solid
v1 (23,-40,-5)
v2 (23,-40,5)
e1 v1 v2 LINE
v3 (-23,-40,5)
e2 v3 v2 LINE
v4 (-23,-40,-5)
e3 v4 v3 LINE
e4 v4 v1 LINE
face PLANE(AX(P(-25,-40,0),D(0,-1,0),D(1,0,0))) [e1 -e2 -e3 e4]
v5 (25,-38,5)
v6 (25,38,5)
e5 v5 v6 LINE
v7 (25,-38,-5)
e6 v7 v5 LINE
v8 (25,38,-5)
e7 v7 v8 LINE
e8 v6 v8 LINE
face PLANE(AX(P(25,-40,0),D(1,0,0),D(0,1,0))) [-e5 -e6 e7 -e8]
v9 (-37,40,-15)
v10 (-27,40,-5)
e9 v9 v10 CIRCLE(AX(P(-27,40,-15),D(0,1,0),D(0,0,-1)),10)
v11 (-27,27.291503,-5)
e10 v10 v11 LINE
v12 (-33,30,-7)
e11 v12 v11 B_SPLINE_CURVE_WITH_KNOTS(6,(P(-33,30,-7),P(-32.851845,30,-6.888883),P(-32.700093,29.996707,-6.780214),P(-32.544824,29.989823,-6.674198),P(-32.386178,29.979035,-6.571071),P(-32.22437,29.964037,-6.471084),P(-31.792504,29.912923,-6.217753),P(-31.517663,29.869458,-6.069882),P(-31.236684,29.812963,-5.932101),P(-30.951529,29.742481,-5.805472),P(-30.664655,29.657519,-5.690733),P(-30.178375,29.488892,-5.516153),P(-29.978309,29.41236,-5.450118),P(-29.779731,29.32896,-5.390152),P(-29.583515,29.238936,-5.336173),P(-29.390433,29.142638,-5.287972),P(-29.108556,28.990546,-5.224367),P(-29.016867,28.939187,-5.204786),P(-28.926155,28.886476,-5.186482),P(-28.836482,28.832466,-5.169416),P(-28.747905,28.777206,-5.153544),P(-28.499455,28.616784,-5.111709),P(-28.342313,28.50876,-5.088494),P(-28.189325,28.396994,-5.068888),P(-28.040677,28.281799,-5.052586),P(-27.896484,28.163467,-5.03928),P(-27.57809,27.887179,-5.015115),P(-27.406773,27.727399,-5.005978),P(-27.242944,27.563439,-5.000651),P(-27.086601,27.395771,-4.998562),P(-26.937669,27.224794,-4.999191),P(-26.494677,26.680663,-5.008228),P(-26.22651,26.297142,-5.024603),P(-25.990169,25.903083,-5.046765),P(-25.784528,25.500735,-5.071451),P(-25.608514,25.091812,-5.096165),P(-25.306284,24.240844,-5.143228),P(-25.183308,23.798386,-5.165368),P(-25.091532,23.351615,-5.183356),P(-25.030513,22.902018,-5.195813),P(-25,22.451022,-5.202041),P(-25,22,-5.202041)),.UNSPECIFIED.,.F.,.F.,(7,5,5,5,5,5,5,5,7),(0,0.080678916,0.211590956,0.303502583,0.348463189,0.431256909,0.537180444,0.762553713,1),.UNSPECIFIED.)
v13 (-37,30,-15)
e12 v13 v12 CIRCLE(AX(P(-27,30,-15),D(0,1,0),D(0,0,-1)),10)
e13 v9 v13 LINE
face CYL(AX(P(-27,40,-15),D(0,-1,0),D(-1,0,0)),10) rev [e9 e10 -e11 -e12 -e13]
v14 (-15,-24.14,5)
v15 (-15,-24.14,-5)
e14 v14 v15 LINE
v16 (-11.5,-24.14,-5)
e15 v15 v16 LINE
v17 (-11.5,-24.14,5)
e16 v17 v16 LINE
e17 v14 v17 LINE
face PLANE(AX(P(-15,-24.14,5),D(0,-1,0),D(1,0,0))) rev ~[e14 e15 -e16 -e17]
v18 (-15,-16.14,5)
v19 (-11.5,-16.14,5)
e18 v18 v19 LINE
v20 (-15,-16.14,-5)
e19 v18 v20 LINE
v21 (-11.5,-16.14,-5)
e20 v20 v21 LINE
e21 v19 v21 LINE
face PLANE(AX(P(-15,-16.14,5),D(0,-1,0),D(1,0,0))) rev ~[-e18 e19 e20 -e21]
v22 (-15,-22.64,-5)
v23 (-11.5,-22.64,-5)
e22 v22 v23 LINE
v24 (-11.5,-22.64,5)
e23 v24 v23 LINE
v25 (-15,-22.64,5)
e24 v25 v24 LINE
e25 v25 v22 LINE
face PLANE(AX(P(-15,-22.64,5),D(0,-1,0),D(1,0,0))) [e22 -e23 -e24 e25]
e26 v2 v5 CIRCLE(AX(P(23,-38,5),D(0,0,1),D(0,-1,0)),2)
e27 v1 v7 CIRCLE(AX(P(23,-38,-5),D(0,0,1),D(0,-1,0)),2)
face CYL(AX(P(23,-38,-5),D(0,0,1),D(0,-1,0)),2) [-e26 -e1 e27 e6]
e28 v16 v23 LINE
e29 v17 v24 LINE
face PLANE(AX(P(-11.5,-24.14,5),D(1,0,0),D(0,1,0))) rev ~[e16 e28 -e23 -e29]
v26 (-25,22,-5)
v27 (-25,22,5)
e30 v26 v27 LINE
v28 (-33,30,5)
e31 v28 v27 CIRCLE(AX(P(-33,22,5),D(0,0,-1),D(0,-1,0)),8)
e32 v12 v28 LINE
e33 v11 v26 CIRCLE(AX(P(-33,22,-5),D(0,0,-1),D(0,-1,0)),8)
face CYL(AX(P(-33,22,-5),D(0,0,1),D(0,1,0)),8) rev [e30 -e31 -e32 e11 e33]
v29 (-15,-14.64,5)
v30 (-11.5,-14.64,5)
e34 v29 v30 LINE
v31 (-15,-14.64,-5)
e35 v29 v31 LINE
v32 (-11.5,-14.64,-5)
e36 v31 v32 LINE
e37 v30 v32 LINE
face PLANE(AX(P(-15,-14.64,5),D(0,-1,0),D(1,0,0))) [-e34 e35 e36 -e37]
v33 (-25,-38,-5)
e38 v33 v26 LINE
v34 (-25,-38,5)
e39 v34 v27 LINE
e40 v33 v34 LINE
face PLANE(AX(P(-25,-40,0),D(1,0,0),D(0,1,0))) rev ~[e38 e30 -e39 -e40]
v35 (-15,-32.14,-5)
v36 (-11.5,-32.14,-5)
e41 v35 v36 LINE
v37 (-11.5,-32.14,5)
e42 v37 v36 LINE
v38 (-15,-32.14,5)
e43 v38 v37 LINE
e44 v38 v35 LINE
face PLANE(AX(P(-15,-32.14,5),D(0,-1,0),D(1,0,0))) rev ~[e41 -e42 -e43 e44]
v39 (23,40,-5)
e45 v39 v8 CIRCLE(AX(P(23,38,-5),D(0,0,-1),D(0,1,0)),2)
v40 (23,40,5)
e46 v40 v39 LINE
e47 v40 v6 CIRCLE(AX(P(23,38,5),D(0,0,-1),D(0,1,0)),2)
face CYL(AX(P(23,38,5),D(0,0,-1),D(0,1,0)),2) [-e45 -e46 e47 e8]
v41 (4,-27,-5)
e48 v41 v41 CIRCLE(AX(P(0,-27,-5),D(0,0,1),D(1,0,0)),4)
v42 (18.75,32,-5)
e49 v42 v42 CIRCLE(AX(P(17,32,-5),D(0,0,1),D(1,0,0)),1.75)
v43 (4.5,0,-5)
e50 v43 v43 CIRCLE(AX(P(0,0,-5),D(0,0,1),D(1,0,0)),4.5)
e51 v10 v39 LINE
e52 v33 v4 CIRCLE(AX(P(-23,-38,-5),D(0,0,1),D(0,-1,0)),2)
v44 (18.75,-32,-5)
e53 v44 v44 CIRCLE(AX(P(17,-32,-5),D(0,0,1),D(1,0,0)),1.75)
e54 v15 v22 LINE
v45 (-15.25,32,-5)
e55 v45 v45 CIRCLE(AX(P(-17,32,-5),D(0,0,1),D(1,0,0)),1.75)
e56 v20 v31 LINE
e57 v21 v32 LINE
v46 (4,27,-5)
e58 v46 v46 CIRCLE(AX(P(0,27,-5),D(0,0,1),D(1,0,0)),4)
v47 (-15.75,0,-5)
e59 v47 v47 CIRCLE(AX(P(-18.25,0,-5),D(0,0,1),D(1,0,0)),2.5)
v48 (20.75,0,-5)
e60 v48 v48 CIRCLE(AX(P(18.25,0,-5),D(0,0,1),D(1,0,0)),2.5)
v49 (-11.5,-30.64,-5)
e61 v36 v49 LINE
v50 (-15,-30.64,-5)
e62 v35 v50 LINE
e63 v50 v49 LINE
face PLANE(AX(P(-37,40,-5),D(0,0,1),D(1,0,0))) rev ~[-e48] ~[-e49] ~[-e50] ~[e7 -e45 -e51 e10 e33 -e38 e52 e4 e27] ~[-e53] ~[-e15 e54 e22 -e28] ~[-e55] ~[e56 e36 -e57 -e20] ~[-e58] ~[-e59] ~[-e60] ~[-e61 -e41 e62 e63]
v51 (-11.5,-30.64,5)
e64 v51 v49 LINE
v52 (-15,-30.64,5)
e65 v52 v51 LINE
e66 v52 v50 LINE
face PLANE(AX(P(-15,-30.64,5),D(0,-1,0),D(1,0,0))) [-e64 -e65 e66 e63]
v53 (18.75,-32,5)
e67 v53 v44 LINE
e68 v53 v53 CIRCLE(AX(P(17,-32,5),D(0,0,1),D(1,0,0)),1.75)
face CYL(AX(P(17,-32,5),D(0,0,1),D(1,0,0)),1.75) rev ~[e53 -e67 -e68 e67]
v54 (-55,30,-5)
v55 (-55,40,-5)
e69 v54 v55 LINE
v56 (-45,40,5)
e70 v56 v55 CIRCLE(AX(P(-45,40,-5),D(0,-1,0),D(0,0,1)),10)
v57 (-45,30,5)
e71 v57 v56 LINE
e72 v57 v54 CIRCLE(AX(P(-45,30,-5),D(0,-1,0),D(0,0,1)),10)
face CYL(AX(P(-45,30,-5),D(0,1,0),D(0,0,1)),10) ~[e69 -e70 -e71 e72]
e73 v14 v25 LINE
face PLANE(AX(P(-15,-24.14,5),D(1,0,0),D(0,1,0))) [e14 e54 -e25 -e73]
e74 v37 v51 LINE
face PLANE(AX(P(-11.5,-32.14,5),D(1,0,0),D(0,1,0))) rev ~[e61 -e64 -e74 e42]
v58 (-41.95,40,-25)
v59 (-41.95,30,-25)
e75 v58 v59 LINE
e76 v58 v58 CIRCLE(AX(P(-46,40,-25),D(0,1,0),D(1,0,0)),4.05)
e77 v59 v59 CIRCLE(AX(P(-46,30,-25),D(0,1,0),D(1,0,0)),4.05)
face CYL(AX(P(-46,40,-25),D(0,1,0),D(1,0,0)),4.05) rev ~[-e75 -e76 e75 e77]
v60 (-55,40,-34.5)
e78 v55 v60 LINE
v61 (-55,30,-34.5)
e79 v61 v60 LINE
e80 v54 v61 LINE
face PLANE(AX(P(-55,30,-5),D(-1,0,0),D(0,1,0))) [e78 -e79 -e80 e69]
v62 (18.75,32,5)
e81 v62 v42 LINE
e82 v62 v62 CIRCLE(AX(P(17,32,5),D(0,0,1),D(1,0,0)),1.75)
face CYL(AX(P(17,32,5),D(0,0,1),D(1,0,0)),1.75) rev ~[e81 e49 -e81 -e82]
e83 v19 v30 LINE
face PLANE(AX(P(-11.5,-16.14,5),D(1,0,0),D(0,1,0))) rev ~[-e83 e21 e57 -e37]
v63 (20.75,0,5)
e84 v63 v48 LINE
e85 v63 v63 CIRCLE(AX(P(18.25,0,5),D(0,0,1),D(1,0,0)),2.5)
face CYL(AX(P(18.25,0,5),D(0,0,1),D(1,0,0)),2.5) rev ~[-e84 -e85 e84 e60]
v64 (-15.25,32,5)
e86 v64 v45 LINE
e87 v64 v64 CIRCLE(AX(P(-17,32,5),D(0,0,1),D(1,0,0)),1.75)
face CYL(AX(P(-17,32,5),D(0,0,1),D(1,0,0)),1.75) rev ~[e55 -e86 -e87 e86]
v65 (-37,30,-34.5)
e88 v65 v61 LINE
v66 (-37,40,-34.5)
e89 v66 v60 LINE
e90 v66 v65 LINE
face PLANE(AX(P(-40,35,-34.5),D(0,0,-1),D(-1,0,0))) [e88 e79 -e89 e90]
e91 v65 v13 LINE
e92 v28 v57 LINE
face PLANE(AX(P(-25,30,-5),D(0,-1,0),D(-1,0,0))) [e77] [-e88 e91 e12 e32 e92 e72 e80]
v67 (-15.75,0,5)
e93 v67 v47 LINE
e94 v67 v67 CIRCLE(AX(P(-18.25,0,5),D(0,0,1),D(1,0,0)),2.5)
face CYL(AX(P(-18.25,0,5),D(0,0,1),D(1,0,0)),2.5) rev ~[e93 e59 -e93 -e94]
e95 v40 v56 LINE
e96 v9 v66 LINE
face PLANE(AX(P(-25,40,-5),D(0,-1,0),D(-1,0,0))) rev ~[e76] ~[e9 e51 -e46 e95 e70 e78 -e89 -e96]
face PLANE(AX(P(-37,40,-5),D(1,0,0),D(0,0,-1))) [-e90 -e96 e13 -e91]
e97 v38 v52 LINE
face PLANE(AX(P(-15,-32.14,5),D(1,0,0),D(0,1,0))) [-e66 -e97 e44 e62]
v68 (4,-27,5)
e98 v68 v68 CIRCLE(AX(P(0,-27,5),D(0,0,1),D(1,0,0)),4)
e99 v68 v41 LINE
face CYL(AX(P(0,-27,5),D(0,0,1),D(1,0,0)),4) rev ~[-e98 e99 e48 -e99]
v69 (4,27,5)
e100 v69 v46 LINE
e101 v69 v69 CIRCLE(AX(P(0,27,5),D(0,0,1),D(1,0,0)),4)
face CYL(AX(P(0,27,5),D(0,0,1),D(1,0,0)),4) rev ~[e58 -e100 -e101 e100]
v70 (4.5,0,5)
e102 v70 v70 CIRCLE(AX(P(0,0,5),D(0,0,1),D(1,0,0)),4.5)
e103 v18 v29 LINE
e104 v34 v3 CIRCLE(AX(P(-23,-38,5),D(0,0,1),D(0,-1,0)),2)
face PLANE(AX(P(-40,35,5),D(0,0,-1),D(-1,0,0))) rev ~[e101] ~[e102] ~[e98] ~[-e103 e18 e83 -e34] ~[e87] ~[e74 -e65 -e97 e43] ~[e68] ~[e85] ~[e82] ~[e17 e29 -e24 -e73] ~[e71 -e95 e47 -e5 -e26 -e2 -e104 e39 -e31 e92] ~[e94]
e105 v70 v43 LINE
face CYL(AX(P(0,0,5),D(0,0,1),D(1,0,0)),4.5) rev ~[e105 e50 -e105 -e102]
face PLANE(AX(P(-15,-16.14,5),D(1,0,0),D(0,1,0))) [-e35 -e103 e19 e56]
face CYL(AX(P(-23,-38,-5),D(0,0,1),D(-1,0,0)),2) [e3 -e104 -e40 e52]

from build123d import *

# Parameters (mm, degrees)
ESBO_O1_W                     = 50
ESBO_O1_H                     = 80
RESSALTO_EXTRUS_O1_DEPTH      = 5
ESBO_O2_R                     = 4.5
ESBO_O2_R_2                   = 4
ESBO_O2_R_3                   = 2.5
CORTE_EXTRUS_O1_DEPTH         = 10
ESBO_O3_W                     = 3.5
ESBO_O3_H                     = 1.5
CORTE_EXTRUS_O2_DEPTH         = 22
ESBO_O4_R                     = 1.75
CORTE_EXTRUS_O3_DEPTH         = 10
FILETE1_R                     = 2
ESBO_O6_W                     = 30
ESBO_O6_H                     = 10
RESSALTO_EXTRUS_O2_DEPTH      = 29.5
RESSALTO_EXTRUS_O2_DEPTH_BACK = 10
ESBO_O7_R                     = 4.05
CORTE_EXTRUS_O4_DEPTH         = 50
ESBO_O8_W                     = 12
ESBO_O8_H                     = 29.5
CORTE_EXTRUS_O5_DEPTH         = 50
FILETE2_R                     = 10
FILETE3_R                     = 8


with BuildPart() as part:
    # Esboço1 → Ressalto-extrusão1 (new body, symmetric)
    with BuildSketch(Plane.XY):
        Rectangle(ESBO_O1_W, ESBO_O1_H)
    extrude(amount=RESSALTO_EXTRUS_O1_DEPTH, both=True)

    # Esboço2 → Corte-extrusão1 (cut)
    with BuildSketch(Plane.XY.offset(5)):
        Circle(ESBO_O2_R)
        with Locations((0, 27)):
            Circle(ESBO_O2_R_2)
        with Locations((0, -27)):
            Circle(ESBO_O2_R_2)
        with Locations((18.25, 0)):
            Circle(ESBO_O2_R_3)
        with Locations((-18.25, 0)):
            Circle(ESBO_O2_R_3)
    extrude(amount=-CORTE_EXTRUS_O1_DEPTH, mode=Mode.SUBTRACT)

    # Esboço3 → Corte-extrusão2 (cut)
    with BuildSketch(Plane.XY.offset(5)):
        with Locations((-13.25, -31.39)):
            Rectangle(ESBO_O3_W, ESBO_O3_H)
        with Locations((-13.25, -23.39)):
            Rectangle(ESBO_O3_W, ESBO_O3_H)
        with Locations((-13.25, -15.39)):
            Rectangle(ESBO_O3_W, ESBO_O3_H)
    extrude(amount=-CORTE_EXTRUS_O2_DEPTH, mode=Mode.SUBTRACT)

    # Esboço4 → Corte-extrusão3 (cut)
    with BuildSketch(Plane.XY.offset(5)):
        with Locations((-17, 32)):
            Circle(ESBO_O4_R)
        with Locations((17, 32)):
            Circle(ESBO_O4_R)
        with Locations((17, -32)):
            Circle(ESBO_O4_R)
    extrude(amount=-CORTE_EXTRUS_O3_DEPTH, mode=Mode.SUBTRACT)

    # Filete1
    filete1_edges = [part.edges().sort_by_distance(p)[0] for p in [
        (25, -40, 0),
        (-25, -40, 0),
        (25, 40, 0),
    ]]
    fillet(filete1_edges, radius=FILETE1_R)

    # Esboço6 → Ressalto-extrusão2 (add, two sides)
    with BuildSketch(Plane(origin=(0, 0, -5), x_dir=(-1, 0, 0), z_dir=(0, 0, -1))) as ressalto_extrus_o2_sk:
        with Locations((40, 35)):
            Rectangle(ESBO_O6_W, ESBO_O6_H)
    extrude(amount=RESSALTO_EXTRUS_O2_DEPTH)
    extrude(ressalto_extrus_o2_sk.sketch, amount=-RESSALTO_EXTRUS_O2_DEPTH_BACK)

    # Esboço7 → Corte-extrusão4 (cut)
    with BuildSketch(Plane(origin=(0, 40, 0), x_dir=(1, 0, 0), z_dir=(0, 1, 0))):
        with Locations((-46, 25)):
            Circle(ESBO_O7_R)
    extrude(amount=-CORTE_EXTRUS_O4_DEPTH, mode=Mode.SUBTRACT)

    # Esboço8 → Corte-extrusão5 (cut)
    with BuildSketch(Plane(origin=(0, 40, 0), x_dir=(1, 0, 0), z_dir=(0, 1, 0))):
        with Locations((-31, 19.75)):
            Rectangle(ESBO_O8_W, ESBO_O8_H)
    extrude(amount=-CORTE_EXTRUS_O5_DEPTH, mode=Mode.SUBTRACT)

    # Filete2
    filete2_edges = [part.edges().sort_by_distance(p)[0] for p in [
        (-55, 35, 5),
        (-37, 35, -5),
    ]]
    fillet(filete2_edges, radius=FILETE2_R)

    # Filete3
    filete3_edges = [part.edges().sort_by_distance(p)[0] for p in [
        (-25, 30, 0),
    ]]
    fillet(filete3_edges, radius=FILETE3_R)


solid = part.part
